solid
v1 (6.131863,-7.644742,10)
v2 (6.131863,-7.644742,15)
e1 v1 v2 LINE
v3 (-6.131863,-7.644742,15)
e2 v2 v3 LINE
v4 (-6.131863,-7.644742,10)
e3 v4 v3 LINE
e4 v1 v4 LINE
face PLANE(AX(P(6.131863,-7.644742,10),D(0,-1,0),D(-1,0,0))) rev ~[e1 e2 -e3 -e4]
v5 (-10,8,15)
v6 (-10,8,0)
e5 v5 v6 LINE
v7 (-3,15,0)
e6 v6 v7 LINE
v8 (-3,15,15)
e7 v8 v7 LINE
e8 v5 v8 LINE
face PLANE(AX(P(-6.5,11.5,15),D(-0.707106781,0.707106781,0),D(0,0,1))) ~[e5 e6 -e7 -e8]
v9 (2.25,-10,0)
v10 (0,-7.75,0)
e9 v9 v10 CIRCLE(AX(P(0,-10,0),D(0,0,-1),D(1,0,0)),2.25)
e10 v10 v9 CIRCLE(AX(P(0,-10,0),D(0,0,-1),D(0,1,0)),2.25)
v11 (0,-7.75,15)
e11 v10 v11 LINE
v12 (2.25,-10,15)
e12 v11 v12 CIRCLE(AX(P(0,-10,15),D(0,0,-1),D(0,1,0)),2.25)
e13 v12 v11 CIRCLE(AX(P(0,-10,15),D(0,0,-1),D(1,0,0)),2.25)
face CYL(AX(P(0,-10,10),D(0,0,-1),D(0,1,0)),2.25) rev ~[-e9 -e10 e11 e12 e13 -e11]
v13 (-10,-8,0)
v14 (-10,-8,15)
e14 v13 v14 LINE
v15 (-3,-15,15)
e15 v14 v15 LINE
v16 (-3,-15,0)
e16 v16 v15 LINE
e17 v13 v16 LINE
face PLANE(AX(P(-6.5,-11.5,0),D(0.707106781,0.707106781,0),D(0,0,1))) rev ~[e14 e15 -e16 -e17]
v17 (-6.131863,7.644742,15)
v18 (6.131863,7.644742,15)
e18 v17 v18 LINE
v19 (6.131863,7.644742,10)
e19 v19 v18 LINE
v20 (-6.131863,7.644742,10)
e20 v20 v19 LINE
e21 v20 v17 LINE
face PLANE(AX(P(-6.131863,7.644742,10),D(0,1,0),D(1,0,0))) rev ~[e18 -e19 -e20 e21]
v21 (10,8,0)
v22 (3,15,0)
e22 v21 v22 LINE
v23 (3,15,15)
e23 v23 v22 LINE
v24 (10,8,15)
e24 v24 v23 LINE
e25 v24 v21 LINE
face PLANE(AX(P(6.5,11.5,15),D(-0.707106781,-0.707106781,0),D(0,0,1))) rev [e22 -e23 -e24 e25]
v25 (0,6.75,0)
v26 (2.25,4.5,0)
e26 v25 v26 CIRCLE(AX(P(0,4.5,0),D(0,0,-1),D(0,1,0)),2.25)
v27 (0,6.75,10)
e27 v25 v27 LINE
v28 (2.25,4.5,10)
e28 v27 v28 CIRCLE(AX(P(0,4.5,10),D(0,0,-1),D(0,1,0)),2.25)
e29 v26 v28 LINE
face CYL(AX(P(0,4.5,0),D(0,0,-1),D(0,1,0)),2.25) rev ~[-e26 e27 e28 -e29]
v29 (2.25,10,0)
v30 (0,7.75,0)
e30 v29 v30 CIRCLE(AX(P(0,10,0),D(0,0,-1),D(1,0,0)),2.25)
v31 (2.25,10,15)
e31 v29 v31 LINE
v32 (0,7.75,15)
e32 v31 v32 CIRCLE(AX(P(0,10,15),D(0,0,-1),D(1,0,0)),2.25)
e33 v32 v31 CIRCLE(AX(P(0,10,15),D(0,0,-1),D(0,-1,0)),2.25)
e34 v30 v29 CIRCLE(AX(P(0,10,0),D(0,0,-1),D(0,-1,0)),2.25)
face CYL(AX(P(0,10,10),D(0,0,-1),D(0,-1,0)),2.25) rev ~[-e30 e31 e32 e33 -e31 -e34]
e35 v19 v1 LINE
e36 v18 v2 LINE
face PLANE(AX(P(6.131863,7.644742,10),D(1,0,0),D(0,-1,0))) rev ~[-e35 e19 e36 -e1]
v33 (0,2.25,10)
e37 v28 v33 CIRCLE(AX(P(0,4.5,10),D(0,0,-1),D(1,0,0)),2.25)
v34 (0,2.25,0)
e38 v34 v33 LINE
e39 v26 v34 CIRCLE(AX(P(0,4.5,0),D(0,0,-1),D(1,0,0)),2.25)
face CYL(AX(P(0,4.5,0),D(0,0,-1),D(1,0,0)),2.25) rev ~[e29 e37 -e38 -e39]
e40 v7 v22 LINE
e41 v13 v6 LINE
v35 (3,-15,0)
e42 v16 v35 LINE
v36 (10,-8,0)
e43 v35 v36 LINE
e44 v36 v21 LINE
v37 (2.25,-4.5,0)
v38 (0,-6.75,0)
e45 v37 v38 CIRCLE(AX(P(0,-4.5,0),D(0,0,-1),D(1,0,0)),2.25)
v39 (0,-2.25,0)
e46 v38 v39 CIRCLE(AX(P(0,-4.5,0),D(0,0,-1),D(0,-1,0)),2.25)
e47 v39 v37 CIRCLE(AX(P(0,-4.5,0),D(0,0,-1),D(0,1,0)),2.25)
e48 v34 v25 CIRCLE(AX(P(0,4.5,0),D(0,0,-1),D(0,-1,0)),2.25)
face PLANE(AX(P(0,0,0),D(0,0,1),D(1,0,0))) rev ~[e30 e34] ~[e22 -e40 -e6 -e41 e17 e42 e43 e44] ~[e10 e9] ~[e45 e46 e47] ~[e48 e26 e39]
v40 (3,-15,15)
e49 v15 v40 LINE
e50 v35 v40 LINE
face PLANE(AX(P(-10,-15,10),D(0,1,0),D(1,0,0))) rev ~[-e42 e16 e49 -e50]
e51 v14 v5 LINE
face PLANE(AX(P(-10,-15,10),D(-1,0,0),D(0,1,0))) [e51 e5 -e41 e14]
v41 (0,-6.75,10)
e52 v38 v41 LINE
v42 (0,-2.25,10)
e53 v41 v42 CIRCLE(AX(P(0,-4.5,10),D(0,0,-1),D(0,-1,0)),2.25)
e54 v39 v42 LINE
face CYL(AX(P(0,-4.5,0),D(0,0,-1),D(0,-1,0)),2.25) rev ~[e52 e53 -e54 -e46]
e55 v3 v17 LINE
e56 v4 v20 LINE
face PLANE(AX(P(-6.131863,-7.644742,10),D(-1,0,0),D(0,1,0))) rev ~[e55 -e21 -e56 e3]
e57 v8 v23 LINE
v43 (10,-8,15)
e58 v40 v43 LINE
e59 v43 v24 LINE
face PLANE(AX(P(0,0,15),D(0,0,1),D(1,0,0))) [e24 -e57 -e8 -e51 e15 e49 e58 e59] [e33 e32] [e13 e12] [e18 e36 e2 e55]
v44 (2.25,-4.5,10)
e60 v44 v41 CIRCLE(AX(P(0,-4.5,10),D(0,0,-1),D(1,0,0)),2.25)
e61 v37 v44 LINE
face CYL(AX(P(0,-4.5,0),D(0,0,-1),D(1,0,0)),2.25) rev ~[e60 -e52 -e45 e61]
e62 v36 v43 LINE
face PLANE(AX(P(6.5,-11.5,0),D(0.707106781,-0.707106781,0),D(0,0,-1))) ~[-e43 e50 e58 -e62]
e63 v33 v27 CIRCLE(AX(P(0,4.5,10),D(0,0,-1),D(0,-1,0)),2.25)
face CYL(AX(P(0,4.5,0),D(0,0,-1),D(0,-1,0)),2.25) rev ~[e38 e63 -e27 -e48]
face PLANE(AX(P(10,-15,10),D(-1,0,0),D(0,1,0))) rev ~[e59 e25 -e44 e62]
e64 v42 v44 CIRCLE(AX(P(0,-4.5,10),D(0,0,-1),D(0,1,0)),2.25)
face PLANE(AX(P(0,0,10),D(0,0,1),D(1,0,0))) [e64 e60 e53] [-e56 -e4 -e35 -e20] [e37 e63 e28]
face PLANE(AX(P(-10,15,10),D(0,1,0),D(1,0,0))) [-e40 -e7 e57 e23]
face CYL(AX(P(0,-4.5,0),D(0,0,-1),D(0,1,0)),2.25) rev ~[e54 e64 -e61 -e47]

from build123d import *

# Parameters (mm, degrees)
F0_W     = 20
F0_H     = 30
F1_DEPTH = 10
F2_W     = 20
F2_H     = 30
F3_DEPTH = 5
F4_SIZE  = 7


with BuildPart() as f1:
    # F0 (on Top) → F1 (new body)
    with BuildSketch(Plane.XY):
        Rectangle(F0_W, F0_H)
        with BuildLine():
            ThreePointArc((2.25, -10), (-1.5909902577, -11.5909902577), (0, -7.75))
            ThreePointArc((0, -7.75), (1.5909902577, -8.4090097423), (2.25, -10))
        make_face(mode=Mode.SUBTRACT)
        with BuildLine():
            ThreePointArc((0, -6.75), (-2.25, -4.5), (0, -2.25))
            ThreePointArc((0, -2.25), (1.5909902577, -2.9090097423), (2.25, -4.5))
            ThreePointArc((2.25, -4.5), (1.5909902577, -6.0909902577), (0, -6.75))
        make_face(mode=Mode.SUBTRACT)
        with BuildLine():
            ThreePointArc((2.25, 4.5), (1.5909902577, 2.9090097423), (0, 2.25))
            ThreePointArc((0, 2.25), (-2.25, 4.5), (0, 6.75))
            ThreePointArc((0, 6.75), (1.5909902577, 6.0909902577), (2.25, 4.5))
        make_face(mode=Mode.SUBTRACT)
        with BuildLine():
            ThreePointArc((2.25, 10), (1.5909902577, 8.4090097423), (0, 7.75))
            ThreePointArc((0, 7.75), (-1.5909902577, 11.5909902577), (2.25, 10))
        make_face(mode=Mode.SUBTRACT)
    extrude(amount=F1_DEPTH)

    # F2 (on face) → F3 (join)
    with BuildSketch(Plane.XY.offset(10)):
        Rectangle(F2_W, F2_H)
        with BuildLine():
            ThreePointArc((2.25, -10), (-1.5909902577, -11.5909902577), (0, -7.75))
            ThreePointArc((0, -7.75), (1.5909902577, -8.4090097423), (2.25, -10))
        make_face(mode=Mode.SUBTRACT)
        Polygon((0, 7.6447422616), (6.1318632215, 7.6447422616), (6.1318632215, -7.6447422616), (0, -7.6447422616), (-6.1318632215, -7.6447422616), (-6.1318632215, 7.6447422616), align=None, mode=Mode.SUBTRACT)
        with BuildLine():
            ThreePointArc((2.25, 10), (1.5909902577, 8.4090097423), (0, 7.75))
            ThreePointArc((0, 7.75), (-1.5909902577, 11.5909902577), (2.25, 10))
        make_face(mode=Mode.SUBTRACT)
    extrude(amount=F3_DEPTH)

    # F4
    f4_edges = [f1.edges().sort_by_distance(p)[0] for p in [
        (-10, 15, 7.5),
        (-10, -15, 7.5),
        (10, 15, 7.5),
        (10, -15, 7.5),
    ]]
    chamfer(f4_edges, length=F4_SIZE)


solid = f1.part
